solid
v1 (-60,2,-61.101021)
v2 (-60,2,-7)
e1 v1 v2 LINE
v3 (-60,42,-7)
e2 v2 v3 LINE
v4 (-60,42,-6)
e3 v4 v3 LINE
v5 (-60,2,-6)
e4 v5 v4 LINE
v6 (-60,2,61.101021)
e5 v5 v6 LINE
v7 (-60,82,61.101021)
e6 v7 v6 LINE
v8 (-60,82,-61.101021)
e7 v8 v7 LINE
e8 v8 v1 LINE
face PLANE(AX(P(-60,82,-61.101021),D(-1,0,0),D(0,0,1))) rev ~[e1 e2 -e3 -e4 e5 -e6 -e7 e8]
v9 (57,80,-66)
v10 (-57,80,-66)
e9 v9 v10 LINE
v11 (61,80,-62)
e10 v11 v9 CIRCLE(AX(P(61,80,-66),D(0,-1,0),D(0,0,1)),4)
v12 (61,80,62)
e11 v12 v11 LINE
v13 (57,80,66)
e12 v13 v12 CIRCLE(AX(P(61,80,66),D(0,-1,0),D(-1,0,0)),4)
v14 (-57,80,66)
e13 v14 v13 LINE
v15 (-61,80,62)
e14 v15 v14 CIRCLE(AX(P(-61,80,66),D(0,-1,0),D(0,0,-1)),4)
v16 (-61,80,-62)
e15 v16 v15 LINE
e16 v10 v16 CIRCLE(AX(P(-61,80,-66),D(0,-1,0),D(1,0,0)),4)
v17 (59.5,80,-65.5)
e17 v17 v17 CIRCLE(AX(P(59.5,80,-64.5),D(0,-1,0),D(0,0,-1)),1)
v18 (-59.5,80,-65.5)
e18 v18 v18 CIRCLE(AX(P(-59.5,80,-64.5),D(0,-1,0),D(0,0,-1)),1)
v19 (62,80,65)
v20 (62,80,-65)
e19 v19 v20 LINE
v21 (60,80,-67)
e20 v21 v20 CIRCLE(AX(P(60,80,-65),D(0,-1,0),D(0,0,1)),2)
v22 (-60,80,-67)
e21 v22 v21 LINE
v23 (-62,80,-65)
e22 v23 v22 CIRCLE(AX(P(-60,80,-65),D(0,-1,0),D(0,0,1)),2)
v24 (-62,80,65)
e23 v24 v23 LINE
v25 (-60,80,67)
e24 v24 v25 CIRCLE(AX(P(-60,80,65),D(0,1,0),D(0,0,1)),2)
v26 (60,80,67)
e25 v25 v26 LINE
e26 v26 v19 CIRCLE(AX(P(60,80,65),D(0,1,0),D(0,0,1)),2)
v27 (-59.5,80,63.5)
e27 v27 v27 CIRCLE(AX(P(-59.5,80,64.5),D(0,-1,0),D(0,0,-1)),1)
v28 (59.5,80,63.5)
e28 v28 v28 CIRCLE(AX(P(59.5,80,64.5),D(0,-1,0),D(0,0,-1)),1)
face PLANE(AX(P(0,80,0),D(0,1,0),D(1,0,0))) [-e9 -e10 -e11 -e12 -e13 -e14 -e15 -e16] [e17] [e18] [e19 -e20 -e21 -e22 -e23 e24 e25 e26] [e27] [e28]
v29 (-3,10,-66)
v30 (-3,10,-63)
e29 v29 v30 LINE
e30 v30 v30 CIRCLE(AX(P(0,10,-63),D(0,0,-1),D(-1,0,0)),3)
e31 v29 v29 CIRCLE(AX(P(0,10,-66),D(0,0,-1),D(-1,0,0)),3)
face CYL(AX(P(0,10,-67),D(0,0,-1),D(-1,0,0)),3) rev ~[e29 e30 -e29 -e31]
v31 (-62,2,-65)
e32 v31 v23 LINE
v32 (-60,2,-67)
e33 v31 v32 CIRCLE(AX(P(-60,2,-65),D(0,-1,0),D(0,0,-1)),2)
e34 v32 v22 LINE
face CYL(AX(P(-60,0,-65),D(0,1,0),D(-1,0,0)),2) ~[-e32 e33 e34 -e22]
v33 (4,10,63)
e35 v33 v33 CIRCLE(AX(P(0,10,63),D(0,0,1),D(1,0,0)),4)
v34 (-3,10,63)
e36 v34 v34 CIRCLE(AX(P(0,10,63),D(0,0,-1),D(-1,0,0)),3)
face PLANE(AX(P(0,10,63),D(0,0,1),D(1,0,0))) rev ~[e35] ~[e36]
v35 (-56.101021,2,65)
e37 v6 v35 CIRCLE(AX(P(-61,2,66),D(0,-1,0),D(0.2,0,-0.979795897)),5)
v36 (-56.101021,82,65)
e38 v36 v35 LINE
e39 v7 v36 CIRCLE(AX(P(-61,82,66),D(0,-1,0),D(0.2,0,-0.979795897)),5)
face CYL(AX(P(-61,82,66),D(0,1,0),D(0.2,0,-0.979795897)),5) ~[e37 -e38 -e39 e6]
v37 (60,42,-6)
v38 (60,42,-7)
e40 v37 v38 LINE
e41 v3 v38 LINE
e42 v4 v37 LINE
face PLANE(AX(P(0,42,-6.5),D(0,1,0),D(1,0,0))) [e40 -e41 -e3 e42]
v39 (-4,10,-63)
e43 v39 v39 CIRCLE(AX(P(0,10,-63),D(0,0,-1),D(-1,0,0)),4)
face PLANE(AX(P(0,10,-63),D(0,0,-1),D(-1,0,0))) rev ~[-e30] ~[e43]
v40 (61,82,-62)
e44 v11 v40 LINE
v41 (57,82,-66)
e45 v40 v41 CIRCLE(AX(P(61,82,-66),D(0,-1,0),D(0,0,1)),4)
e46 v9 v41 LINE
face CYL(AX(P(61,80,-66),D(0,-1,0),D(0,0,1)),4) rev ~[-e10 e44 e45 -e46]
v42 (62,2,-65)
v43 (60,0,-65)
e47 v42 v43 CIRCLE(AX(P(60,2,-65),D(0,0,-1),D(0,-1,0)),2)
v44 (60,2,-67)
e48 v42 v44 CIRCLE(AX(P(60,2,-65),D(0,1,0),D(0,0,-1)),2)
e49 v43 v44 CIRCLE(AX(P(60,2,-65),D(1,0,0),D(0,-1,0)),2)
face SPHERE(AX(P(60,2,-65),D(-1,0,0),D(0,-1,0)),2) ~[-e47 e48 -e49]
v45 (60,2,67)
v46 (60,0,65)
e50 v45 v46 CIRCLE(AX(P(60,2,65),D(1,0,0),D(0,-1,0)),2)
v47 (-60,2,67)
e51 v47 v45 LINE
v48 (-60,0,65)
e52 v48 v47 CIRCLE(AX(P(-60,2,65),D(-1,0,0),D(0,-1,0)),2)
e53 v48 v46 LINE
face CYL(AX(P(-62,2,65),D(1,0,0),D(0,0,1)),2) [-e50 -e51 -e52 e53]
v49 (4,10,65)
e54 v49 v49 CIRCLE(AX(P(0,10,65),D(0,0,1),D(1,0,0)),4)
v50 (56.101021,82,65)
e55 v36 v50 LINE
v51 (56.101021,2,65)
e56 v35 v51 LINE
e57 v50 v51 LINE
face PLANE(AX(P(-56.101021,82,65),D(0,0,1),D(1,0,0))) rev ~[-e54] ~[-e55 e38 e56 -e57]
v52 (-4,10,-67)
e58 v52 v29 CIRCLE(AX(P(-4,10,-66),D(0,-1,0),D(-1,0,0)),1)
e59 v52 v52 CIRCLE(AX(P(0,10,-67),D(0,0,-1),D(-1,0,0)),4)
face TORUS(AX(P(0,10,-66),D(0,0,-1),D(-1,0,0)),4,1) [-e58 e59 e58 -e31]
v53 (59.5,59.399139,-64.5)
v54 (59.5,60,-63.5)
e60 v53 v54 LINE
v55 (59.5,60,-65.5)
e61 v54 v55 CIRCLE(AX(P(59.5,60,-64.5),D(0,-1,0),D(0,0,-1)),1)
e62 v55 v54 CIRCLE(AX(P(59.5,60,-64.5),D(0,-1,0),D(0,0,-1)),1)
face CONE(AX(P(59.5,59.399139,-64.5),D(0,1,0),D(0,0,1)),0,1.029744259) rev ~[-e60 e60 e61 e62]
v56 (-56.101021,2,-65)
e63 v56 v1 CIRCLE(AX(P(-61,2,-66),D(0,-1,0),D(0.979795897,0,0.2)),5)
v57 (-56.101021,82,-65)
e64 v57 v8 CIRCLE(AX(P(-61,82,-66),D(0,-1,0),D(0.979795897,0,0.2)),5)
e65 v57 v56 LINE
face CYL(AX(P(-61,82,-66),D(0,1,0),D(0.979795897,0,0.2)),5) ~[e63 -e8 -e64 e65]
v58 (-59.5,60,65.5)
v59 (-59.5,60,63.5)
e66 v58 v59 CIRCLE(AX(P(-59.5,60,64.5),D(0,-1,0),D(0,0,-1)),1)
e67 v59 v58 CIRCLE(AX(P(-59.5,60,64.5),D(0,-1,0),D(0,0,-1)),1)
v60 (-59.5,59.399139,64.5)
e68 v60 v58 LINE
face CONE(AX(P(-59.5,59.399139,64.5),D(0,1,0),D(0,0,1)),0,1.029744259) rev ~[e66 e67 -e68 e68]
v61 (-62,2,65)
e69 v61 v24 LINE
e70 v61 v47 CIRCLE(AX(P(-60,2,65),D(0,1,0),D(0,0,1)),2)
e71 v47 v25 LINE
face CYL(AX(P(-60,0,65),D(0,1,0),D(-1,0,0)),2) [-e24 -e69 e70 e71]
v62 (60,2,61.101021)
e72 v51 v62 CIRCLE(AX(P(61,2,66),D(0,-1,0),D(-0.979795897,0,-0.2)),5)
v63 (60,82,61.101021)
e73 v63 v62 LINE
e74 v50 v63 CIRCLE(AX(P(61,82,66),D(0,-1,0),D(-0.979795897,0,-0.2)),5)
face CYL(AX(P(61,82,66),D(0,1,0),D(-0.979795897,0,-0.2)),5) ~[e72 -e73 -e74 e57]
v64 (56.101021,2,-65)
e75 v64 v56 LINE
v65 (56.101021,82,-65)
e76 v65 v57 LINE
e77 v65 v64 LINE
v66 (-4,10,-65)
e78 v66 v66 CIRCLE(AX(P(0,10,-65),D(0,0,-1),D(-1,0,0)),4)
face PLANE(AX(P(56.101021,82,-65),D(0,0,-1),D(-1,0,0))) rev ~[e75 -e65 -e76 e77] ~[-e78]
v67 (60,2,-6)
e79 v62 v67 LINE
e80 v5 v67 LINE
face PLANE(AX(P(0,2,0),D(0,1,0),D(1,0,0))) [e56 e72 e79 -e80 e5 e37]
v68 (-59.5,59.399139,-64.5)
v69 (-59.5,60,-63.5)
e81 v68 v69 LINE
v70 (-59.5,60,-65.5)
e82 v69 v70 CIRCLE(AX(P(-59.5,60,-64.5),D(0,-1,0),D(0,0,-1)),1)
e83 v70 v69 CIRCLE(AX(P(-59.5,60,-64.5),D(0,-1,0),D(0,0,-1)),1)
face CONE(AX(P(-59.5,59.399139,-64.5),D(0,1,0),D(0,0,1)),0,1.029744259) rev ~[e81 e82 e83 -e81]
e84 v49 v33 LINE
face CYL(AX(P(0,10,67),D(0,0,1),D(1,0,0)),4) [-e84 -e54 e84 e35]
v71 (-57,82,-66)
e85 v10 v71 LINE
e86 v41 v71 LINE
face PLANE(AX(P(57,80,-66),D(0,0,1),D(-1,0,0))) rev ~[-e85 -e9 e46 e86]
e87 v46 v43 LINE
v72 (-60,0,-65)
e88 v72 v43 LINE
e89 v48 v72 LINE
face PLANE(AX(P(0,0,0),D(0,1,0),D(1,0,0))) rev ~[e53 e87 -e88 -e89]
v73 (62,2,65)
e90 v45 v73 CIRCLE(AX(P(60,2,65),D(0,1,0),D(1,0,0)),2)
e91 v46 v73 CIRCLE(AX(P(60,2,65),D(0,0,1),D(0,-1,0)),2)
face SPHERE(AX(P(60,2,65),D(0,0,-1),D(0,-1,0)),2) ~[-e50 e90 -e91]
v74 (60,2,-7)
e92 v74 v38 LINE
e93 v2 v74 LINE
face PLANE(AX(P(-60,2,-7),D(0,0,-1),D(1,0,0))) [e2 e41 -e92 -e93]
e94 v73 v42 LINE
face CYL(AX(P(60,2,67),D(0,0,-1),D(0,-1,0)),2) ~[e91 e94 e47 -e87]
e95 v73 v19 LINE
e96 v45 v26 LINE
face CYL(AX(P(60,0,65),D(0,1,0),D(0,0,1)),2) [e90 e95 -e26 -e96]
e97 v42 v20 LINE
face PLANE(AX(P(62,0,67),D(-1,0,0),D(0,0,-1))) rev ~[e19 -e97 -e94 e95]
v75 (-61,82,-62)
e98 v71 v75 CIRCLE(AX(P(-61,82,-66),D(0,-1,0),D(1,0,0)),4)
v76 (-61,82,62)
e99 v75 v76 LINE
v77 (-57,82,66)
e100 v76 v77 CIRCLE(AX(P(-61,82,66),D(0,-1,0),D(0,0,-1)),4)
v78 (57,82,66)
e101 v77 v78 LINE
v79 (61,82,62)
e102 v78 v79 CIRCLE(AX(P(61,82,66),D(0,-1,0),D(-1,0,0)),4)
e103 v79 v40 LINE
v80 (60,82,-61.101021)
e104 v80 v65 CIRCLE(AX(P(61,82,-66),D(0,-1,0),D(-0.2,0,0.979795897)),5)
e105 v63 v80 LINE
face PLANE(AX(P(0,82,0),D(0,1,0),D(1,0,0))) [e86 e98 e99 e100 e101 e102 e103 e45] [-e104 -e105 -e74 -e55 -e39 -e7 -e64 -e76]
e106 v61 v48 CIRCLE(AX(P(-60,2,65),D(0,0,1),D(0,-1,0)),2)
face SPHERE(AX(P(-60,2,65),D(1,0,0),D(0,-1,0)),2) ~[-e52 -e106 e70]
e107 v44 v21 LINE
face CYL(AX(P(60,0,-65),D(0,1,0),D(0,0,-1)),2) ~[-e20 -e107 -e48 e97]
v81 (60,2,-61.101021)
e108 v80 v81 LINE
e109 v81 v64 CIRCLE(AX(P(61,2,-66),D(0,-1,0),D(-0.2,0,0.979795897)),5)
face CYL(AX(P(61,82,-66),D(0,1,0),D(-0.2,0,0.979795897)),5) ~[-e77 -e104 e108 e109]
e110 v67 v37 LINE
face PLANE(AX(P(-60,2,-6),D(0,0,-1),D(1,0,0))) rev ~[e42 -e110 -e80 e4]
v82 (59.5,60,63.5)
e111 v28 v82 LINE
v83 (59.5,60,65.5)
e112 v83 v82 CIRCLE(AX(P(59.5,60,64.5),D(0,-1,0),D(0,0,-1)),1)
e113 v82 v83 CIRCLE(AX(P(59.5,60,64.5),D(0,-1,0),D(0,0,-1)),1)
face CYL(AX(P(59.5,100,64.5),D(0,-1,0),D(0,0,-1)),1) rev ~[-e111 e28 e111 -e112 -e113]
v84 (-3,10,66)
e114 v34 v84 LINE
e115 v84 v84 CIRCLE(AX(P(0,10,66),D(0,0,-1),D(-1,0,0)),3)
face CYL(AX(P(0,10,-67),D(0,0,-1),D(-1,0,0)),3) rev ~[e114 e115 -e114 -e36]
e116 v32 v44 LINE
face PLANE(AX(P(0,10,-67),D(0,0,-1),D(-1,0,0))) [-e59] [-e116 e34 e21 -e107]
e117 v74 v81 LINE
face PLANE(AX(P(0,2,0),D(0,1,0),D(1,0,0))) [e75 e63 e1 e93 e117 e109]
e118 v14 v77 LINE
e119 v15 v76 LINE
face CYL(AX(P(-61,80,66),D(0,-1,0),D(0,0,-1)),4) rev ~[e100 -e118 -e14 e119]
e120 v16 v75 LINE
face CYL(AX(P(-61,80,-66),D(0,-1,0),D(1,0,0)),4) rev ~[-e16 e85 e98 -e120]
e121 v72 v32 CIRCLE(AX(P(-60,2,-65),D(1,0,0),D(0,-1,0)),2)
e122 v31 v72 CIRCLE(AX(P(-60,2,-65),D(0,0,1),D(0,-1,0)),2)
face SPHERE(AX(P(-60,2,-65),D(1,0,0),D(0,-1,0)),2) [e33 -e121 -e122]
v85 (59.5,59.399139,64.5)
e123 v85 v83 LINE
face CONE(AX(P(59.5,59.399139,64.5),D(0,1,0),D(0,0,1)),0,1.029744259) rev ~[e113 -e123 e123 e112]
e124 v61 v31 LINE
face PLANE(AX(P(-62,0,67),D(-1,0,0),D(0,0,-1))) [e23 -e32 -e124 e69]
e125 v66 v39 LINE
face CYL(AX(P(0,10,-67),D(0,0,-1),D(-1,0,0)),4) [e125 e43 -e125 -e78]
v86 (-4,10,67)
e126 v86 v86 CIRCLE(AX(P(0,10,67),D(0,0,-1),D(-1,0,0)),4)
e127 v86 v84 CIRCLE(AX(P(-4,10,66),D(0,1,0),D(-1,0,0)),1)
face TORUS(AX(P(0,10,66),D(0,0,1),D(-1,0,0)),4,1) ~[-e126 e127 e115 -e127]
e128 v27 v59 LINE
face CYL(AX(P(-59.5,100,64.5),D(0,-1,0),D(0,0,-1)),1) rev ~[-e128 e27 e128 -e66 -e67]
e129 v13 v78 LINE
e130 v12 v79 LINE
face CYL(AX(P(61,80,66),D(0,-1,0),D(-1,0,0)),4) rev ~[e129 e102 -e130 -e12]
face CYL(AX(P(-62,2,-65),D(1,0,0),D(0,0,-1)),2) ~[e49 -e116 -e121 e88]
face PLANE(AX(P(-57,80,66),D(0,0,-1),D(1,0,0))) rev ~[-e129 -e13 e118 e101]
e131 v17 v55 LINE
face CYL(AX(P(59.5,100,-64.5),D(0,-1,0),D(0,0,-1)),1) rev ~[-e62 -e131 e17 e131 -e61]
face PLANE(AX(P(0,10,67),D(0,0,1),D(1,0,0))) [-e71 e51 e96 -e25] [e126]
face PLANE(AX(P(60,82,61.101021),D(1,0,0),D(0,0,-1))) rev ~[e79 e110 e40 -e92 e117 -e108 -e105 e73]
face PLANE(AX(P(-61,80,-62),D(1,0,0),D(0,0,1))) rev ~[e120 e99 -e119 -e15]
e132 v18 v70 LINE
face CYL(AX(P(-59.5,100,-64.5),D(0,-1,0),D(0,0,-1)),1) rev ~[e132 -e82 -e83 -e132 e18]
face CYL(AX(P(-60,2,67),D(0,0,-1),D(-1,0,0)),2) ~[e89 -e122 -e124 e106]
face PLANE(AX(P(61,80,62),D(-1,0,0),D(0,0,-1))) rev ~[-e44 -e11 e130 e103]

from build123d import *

# Parameters (mm, degrees)
SKETCH1_W                 = 124
SKETCH1_H                 = 134
BOSS_EXTRUDE1_DEPTH       = 80
BOSS_EXTRUDE2_DEPTH       = 2
CUT_EXTRUDE3_DEPTH        = 80
FILLET1_R                 = 2
SKETCH5_R                 = 4
BOSS_EXTRUDE4_DEPTH       = 4
SKETCH9_R                 = 4
BOSS_EXTRUDE5_DEPTH       = 4
SKETCH10_R                = 3
CUT_EXTRUDE5_DEPTH        = 1
CUT_EXTRUDE5_DEPTH_BACK   = 135
FILLET3_R                 = 1
F_2_0MM_DOWEL_HOLE1_D     = 2
F_2_0MM_DOWEL_HOLE1_DEPTH = 20
F_2_0MM_DOWEL_HOLE1_TIP   = 0.600860619
SKETCH14_W                = 120
SKETCH14_H                = 1
BOSS_EXTRUDE6_DEPTH       = 40


with BuildPart() as part:
    # Sketch1 → Boss-Extrude1 (new body)
    with BuildSketch(Plane(origin=(0, 0, 0), x_dir=(1, 0, 0), z_dir=(0, 1, 0))):
        Rectangle(SKETCH1_W, SKETCH1_H)
    extrude(amount=BOSS_EXTRUDE1_DEPTH)

    # Sketch2 → Boss-Extrude2 (add)
    with BuildSketch(Plane(origin=(0, 80, 0), x_dir=(1, 0, 0), z_dir=(0, 1, 0))):
        with BuildLine():
            Line((57, 66), (-57, 66))
            ThreePointArc((-57, 66), (-58.171572875, 63.171572875), (-61, 62))
            Line((-61, 62), (-61, -62))
            ThreePointArc((-61, -62), (-58.171572875, -63.171572875), (-57, -66))
            Line((-57, -66), (57, -66))
            ThreePointArc((57, -66), (58.171572875, -63.171572875), (61, -62))
            Line((61, -62), (61, 62))
            ThreePointArc((61, 62), (58.171572875, 63.171572875), (57, 66))
        make_face()
    extrude(amount=BOSS_EXTRUDE2_DEPTH)

    # Sketch3 → Cut-Extrude3 (cut)
    with BuildSketch(Plane(origin=(0, 82, 0), x_dir=(1, 0, 0), z_dir=(0, 1, 0))):
        with BuildLine():
            Line((56.101020514, 65), (-56.101020514, 65))
            ThreePointArc((-56.101020514, 65), (-57.464466094, 62.464466094), (-60, 61.101020514))
            Line((-60, 61.101020514), (-60, -61.101020514))
            ThreePointArc((-60, -61.101020514), (-57.464466094, -62.464466094), (-56.101020514, -65))
            Line((-56.101020514, -65), (56.101020514, -65))
            ThreePointArc((56.101020514, -65), (57.464466094, -62.464466094), (60, -61.101020514))
            Line((60, -61.101020514), (60, 61.101020514))
            ThreePointArc((60, 61.101020514), (57.464466094, 62.464466094), (56.101020514, 65))
        make_face()
    extrude(amount=-CUT_EXTRUDE3_DEPTH, mode=Mode.SUBTRACT)

    # Fillet1
    fillet1_edges = [part.edges().sort_by_distance(p)[0] for p in [
        (0, 0, -67),
        (62, 0, 0),
        (0, 0, 67),
        (-62, 0, 0),
        (-62, 40, -67),
        (62, 40, -67),
        (62, 40, 67),
        (-62, 40, 67),
    ]]
    fillet(fillet1_edges, radius=FILLET1_R)

    # Sketch5 → Boss-Extrude4 (add)
    with BuildSketch(Plane.XY.offset(67)):
        with Locations((0, 10)):
            Circle(SKETCH5_R)
    extrude(amount=-BOSS_EXTRUDE4_DEPTH)

    # Sketch9 → Boss-Extrude5 (add)
    with BuildSketch(Plane(origin=(0, 0, -67), x_dir=(-1, 0, 0), z_dir=(0, 0, -1))):
        with Locations((0, 10)):
            Circle(SKETCH9_R)
    extrude(amount=-BOSS_EXTRUDE5_DEPTH)

    # Sketch10 → Cut-Extrude5 (cut, two sides)
    with BuildSketch(Plane(origin=(0, 0, -67), x_dir=(-1, 0, 0), z_dir=(0, 0, -1))) as cut_extrude5_sk:
        with Locations((0, 10)):
            Circle(SKETCH10_R)
    extrude(amount=CUT_EXTRUDE5_DEPTH, mode=Mode.SUBTRACT)
    extrude(cut_extrude5_sk.sketch, amount=-CUT_EXTRUDE5_DEPTH_BACK, mode=Mode.SUBTRACT)

    # Fillet3
    fillet3_edges = [part.edges().sort_by_distance(p)[0] for p in [
        (3, 10, -67),
        (3, 10, 67),
    ]]
    fillet(fillet3_edges, radius=FILLET3_R)

    # Ø2.0mm Dowel Hole1
    with Locations(Plane(origin=(59.5, 80, -64.5), x_dir=(0, 0, 1), z_dir=(0, 1, 0))):
        with Locations((0, 0), (129, 0), (129, -119), (0, -119)):
            Hole(F_2_0MM_DOWEL_HOLE1_D / 2, depth=F_2_0MM_DOWEL_HOLE1_DEPTH)
            with Locations((0, 0, -(F_2_0MM_DOWEL_HOLE1_DEPTH + F_2_0MM_DOWEL_HOLE1_TIP / 2))):  # 118° drill point
                Cone(0, F_2_0MM_DOWEL_HOLE1_D / 2, F_2_0MM_DOWEL_HOLE1_TIP, mode=Mode.SUBTRACT)

    # Sketch14 → Boss-Extrude6 (add)
    with BuildSketch(Plane(origin=(0, 2, 0), x_dir=(1, 0, 0), z_dir=(0, 1, 0))):
        with Locations((0, 6.5)):
            Rectangle(SKETCH14_W, SKETCH14_H)
    extrude(amount=BOSS_EXTRUDE6_DEPTH)


solid = part.part
